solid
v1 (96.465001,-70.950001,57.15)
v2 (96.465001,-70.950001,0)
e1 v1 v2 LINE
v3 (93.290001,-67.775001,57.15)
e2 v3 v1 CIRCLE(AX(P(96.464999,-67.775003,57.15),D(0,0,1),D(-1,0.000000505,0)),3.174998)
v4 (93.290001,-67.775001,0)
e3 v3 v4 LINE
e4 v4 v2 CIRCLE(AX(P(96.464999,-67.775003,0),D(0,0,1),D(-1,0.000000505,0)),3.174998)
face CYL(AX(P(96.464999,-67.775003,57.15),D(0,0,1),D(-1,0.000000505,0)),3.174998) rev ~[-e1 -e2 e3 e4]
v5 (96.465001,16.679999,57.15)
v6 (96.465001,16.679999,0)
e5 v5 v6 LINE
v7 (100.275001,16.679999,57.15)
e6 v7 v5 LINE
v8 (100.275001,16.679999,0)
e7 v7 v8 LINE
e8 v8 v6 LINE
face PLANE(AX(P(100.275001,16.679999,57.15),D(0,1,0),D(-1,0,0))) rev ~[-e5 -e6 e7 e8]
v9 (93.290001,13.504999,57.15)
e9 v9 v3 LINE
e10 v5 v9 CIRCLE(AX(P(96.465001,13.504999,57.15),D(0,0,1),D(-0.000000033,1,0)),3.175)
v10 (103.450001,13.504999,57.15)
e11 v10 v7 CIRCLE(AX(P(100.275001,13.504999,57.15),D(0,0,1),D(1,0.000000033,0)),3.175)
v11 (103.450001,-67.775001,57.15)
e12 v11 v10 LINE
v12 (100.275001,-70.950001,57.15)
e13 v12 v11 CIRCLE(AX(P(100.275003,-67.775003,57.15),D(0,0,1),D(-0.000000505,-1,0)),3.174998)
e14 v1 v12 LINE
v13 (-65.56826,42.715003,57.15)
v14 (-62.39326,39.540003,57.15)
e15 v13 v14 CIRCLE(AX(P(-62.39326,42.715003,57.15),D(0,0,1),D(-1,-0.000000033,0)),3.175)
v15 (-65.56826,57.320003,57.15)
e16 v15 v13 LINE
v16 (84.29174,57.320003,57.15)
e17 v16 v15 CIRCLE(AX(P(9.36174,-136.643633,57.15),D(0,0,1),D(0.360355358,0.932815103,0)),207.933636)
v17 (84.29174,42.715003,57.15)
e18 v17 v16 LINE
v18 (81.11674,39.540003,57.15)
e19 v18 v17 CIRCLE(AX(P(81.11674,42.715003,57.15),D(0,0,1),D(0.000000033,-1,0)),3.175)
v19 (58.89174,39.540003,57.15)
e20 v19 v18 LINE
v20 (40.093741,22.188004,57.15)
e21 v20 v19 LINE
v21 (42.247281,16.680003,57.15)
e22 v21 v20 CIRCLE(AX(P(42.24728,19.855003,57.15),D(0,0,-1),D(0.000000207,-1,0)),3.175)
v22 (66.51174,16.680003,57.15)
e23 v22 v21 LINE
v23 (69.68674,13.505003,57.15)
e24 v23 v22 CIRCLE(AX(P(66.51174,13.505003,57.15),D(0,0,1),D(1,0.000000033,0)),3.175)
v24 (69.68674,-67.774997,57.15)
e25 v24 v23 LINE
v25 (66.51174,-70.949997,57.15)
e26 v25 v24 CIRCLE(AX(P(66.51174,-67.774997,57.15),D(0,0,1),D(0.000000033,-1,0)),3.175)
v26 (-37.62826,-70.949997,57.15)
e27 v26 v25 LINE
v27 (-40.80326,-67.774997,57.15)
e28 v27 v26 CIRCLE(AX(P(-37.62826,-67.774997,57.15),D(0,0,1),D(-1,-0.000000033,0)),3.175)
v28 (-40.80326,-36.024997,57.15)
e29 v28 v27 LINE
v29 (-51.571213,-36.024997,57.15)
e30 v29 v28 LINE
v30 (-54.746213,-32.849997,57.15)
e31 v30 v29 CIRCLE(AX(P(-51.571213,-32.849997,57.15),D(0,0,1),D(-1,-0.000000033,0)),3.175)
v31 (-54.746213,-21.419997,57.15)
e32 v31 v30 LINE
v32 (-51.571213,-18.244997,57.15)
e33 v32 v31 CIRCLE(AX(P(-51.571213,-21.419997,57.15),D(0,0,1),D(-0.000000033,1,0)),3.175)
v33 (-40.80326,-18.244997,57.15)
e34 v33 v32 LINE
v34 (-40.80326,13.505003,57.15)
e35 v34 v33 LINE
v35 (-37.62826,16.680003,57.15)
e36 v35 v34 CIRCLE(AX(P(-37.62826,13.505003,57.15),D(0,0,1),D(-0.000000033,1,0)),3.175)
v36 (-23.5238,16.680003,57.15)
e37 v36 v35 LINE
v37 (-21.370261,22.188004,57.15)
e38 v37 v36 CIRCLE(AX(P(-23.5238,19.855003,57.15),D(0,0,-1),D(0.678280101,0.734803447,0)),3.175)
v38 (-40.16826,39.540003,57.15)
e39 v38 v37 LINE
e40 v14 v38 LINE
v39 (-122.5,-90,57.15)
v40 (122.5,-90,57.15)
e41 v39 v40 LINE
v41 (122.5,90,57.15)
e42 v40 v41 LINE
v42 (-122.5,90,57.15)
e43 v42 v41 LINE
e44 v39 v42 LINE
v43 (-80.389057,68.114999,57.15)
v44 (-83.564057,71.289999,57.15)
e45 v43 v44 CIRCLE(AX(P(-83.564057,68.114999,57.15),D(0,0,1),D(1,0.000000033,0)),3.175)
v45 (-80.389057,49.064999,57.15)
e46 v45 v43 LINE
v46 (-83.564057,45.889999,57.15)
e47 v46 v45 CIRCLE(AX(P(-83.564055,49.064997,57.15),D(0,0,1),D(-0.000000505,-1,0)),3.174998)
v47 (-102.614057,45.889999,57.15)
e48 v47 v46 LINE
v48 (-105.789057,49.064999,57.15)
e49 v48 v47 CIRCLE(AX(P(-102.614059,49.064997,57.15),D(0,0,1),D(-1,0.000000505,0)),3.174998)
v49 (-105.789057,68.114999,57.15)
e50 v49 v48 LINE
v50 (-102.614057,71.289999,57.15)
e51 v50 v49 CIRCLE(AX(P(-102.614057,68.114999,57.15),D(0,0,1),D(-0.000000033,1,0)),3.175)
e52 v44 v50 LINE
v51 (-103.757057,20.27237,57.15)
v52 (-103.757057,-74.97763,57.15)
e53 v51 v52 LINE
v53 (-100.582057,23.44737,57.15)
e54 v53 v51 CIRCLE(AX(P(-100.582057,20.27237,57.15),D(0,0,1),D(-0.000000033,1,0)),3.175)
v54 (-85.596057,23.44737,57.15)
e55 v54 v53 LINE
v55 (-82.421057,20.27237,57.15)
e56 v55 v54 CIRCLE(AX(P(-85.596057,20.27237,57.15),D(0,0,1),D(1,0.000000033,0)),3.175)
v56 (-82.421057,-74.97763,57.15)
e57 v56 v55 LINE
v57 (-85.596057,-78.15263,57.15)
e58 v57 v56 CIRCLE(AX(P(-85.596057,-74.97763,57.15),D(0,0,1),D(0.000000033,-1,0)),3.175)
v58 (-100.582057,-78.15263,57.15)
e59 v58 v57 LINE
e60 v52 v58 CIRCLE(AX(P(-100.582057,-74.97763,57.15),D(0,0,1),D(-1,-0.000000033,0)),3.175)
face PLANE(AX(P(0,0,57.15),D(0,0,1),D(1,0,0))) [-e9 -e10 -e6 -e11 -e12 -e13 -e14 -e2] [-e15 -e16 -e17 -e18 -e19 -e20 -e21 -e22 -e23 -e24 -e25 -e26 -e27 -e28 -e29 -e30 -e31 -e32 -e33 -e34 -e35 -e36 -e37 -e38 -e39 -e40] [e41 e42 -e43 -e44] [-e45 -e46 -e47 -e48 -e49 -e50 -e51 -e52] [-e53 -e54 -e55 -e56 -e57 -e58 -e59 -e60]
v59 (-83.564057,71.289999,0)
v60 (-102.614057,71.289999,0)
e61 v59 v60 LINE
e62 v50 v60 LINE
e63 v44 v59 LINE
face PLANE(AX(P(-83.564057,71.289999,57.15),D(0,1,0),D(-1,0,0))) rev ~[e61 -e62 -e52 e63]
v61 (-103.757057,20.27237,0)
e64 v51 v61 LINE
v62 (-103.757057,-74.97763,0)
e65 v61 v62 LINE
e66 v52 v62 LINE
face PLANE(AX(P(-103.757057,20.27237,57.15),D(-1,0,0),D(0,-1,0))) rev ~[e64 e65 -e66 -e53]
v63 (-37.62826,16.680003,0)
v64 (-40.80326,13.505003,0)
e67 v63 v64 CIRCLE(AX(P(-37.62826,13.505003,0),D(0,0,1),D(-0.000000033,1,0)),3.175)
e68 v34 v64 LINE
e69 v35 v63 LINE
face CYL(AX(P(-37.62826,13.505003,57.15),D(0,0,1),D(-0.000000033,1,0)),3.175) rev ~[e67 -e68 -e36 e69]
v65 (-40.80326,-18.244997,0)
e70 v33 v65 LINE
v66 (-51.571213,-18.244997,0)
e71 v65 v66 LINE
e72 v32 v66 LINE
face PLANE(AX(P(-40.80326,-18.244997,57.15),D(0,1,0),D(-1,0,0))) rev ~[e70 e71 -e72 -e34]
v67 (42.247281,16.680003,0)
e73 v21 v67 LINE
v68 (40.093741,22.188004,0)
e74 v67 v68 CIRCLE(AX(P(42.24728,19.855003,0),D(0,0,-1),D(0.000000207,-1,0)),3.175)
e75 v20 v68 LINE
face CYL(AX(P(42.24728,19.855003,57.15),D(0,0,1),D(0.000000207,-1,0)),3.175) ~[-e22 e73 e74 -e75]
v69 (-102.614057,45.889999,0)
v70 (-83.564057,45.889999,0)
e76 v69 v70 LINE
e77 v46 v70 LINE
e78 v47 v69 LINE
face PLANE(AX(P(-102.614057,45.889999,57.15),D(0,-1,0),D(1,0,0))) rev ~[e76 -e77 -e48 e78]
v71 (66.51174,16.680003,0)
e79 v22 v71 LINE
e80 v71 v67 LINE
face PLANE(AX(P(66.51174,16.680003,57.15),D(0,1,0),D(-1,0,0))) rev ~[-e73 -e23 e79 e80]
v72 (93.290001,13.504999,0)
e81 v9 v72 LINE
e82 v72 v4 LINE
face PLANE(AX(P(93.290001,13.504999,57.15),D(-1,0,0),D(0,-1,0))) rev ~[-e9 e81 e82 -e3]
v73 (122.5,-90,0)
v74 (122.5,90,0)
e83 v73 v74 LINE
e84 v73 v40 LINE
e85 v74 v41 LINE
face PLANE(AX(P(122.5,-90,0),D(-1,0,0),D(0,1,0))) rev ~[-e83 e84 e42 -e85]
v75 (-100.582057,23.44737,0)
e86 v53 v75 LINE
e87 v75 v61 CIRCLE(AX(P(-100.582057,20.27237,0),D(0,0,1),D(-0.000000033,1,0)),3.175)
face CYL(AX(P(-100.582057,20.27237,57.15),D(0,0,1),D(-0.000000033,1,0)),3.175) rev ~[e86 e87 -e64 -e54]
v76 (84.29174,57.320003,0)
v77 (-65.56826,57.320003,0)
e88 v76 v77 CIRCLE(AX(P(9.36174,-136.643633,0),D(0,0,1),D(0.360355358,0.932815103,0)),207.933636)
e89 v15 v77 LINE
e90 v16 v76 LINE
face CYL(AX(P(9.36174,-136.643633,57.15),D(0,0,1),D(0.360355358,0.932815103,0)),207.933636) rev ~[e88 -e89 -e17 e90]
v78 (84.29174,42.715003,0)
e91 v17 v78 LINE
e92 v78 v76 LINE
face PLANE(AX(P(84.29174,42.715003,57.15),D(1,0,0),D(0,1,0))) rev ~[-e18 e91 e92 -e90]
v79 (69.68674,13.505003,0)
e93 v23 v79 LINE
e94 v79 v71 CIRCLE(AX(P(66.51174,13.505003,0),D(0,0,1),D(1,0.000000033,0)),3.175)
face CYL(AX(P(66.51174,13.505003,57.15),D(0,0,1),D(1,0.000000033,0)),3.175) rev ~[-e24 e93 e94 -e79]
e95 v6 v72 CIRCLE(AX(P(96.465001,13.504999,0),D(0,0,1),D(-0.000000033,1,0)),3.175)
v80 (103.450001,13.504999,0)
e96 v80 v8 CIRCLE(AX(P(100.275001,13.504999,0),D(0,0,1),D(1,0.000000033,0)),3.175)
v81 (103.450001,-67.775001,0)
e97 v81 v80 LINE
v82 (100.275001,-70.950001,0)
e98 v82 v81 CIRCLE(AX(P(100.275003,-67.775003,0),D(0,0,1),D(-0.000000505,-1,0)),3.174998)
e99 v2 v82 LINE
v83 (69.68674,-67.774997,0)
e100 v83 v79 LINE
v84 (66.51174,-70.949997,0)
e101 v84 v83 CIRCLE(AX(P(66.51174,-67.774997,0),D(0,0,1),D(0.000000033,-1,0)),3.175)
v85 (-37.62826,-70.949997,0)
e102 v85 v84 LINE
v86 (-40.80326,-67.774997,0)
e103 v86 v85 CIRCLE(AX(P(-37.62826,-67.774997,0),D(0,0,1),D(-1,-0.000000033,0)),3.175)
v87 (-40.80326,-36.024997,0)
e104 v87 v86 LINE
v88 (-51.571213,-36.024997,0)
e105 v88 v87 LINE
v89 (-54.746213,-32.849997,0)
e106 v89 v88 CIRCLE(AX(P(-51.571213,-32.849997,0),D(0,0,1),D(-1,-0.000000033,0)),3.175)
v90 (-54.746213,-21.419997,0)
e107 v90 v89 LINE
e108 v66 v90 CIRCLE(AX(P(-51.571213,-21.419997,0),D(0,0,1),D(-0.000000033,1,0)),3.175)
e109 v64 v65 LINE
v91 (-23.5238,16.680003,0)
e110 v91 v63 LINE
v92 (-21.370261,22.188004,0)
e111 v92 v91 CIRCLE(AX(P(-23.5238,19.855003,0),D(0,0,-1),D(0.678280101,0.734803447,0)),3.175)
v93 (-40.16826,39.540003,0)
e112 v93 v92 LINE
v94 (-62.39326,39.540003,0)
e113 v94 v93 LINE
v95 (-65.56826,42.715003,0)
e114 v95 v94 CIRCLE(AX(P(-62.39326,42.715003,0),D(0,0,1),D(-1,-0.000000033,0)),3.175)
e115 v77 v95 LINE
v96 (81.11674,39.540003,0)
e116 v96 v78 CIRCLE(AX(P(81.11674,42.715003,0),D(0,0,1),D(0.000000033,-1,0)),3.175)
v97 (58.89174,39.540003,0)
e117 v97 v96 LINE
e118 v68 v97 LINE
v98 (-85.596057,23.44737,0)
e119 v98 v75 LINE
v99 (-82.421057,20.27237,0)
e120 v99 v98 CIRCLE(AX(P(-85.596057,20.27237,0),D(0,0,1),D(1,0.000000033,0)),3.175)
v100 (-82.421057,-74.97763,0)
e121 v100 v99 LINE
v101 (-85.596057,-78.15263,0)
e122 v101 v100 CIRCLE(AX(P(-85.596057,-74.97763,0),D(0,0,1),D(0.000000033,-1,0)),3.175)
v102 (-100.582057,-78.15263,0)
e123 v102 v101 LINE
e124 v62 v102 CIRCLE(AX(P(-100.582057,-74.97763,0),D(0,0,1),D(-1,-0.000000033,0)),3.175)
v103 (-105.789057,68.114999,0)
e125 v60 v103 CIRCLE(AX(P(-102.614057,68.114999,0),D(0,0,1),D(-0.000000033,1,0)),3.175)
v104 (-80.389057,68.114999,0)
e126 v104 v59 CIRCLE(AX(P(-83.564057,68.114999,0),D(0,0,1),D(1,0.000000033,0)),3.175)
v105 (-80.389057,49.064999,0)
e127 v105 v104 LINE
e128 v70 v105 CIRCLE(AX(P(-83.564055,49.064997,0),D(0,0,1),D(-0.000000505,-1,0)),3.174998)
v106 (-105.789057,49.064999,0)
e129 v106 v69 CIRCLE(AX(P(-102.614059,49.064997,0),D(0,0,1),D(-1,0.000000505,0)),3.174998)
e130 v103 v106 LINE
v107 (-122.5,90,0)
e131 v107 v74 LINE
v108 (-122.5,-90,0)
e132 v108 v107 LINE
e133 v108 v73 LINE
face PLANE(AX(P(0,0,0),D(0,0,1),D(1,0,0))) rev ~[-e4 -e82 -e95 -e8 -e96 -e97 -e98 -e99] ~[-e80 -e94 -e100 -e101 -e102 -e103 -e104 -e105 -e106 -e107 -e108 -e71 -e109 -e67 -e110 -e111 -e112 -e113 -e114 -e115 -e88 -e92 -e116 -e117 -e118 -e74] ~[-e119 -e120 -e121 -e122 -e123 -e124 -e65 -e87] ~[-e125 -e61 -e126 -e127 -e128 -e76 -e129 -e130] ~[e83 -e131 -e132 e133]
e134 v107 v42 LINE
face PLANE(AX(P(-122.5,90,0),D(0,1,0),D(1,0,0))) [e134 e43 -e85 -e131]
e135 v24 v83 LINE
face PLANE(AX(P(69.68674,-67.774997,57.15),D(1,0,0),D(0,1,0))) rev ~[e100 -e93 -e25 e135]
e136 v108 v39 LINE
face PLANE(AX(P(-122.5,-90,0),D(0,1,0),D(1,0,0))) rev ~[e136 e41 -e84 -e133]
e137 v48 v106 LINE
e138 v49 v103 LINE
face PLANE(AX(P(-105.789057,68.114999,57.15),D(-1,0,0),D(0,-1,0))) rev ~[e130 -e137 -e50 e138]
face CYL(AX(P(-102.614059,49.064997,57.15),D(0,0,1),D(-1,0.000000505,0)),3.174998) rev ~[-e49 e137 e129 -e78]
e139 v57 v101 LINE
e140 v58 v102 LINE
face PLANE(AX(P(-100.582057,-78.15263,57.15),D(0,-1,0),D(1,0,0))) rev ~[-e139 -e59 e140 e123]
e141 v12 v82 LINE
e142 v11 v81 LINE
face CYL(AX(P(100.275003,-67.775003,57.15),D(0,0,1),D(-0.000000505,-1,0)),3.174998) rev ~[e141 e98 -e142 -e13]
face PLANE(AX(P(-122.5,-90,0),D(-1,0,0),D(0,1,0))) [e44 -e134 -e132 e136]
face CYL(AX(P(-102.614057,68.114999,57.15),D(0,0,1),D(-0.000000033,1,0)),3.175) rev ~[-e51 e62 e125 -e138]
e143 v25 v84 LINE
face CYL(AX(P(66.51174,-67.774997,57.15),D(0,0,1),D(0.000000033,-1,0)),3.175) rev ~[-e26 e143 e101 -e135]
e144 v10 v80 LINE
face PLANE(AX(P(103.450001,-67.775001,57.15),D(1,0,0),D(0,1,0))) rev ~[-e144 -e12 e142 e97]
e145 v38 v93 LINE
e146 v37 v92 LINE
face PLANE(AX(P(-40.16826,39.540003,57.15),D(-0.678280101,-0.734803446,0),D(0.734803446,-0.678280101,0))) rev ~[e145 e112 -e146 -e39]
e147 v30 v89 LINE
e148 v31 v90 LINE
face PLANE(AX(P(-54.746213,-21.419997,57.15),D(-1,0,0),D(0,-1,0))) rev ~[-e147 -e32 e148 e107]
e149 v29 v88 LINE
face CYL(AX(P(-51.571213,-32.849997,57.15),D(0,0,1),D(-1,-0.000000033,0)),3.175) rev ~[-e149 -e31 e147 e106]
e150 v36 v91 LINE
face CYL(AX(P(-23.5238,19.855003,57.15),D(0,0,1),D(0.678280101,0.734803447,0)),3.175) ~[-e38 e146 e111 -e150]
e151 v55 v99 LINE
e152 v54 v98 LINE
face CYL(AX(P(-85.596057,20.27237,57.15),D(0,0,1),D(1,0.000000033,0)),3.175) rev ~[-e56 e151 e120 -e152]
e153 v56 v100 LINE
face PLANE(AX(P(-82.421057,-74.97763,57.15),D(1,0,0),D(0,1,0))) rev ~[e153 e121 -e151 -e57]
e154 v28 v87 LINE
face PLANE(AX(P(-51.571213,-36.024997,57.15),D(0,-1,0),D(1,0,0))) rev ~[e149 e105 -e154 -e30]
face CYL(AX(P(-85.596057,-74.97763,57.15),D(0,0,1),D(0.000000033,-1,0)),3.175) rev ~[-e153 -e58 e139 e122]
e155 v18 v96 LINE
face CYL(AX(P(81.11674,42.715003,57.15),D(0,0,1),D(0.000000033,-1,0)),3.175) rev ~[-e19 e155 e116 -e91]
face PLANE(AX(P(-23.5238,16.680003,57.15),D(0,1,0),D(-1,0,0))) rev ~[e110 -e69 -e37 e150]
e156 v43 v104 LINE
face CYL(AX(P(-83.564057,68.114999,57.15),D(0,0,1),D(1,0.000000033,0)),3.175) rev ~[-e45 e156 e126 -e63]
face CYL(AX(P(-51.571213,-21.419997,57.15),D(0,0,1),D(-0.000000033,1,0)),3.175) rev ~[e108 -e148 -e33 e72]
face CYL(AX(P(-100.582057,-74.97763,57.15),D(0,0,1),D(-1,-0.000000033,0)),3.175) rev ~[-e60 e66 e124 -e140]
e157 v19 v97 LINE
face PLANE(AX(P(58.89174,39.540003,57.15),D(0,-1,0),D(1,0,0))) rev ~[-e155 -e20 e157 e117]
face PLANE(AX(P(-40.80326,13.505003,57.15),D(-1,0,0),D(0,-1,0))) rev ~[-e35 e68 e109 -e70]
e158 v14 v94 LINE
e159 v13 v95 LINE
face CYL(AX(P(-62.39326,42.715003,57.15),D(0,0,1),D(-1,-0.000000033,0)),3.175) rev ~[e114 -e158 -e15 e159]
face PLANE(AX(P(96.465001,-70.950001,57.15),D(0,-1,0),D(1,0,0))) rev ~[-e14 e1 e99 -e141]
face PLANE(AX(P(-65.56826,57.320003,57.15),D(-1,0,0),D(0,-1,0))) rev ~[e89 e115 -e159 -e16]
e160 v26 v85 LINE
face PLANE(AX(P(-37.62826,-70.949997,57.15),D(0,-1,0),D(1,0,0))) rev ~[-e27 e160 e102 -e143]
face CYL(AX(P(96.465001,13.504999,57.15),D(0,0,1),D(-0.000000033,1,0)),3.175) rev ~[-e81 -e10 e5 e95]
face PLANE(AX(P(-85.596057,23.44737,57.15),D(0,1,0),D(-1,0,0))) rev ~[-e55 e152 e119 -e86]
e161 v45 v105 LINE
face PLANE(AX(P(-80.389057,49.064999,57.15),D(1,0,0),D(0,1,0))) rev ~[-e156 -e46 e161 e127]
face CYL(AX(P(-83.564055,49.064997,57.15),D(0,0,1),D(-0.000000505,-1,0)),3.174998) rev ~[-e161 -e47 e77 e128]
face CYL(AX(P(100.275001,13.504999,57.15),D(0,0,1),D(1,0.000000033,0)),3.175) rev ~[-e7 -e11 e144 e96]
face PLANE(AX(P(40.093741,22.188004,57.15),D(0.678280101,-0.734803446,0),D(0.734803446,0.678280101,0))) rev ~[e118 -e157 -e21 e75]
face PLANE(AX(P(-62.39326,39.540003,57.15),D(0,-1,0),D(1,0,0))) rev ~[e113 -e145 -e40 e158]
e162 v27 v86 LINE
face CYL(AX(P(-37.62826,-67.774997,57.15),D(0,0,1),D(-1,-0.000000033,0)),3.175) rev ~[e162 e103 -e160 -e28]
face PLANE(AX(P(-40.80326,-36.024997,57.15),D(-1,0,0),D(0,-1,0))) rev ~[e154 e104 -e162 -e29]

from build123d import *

# Parameters (mm, degrees)
F0_W     = 245
F0_H     = 180
F1_DEPTH = 57.15
F3_DEPTH = 57.15


with BuildPart() as f1:
    # F0 (on Top) → F1 (new body)
    with BuildSketch(Plane.XY):
        Rectangle(F0_W, F0_H)
    extrude(amount=F1_DEPTH)

    # F2 (on face) → F3 (cut, through all)
    with BuildSketch(Plane.XY.offset(57.15)):
        with BuildLine():
            Line((-83.564057, 71.289999), (-102.614057, 71.289999))
            ThreePointArc((-102.614057, 71.289999), (-104.859121, 70.360063), (-105.789057, 68.114999))
            Line((-105.789057, 68.114999), (-105.789057, 49.064999))
            ThreePointArc((-105.789057, 49.064999), (-104.859121, 46.819934), (-102.614057, 45.889999))
            Line((-102.614057, 45.889999), (-83.564057, 45.889999))
            ThreePointArc((-83.564057, 45.889999), (-81.318993, 46.819934), (-80.389057, 49.064999))
            Line((-80.389057, 49.064999), (-80.389057, 68.114999))
            ThreePointArc((-80.389057, 68.114999), (-81.318993, 70.360063), (-83.564057, 71.289999))
        make_face()
        with BuildLine():
            Line((-85.596057, 23.44737), (-100.582057, 23.44737))
            ThreePointArc((-100.582057, 23.44737), (-102.827121, 22.517434), (-103.757057, 20.27237))
            Line((-103.757057, 20.27237), (-103.757057, -74.97763))
            ThreePointArc((-103.757057, -74.97763), (-102.827121, -77.222694), (-100.582057, -78.15263))
            Line((-100.582057, -78.15263), (-85.596057, -78.15263))
            ThreePointArc((-85.596057, -78.15263), (-83.350993, -77.222694), (-82.421057, -74.97763))
            Line((-82.421057, -74.97763), (-82.421057, 20.27237))
            ThreePointArc((-82.421057, 20.27237), (-83.350993, 22.517434), (-85.596057, 23.44737))
        make_face()
        with BuildLine():
            Line((100.275001, 16.679999), (96.465001, 16.679999))
            ThreePointArc((96.465001, 16.679999), (94.219937, 15.750063), (93.290001, 13.504999))
            Line((93.290001, 13.504999), (93.290001, -67.775001))
            ThreePointArc((93.290001, -67.775001), (94.219937, -70.020066), (96.465001, -70.950001))
            Line((96.465001, -70.950001), (100.275001, -70.950001))
            ThreePointArc((100.275001, -70.950001), (102.520065, -70.020066), (103.450001, -67.775001))
            Line((103.450001, -67.775001), (103.450001, 13.504999))
            ThreePointArc((103.450001, 13.504999), (102.520065, 15.750063), (100.275001, 16.679999))
        make_face()
        with BuildLine():
            ThreePointArc((-40.80326, -67.774997), (-39.873324, -70.020061), (-37.62826, -70.949997))
            Line((-37.62826, -70.949997), (66.51174, -70.949997))
            ThreePointArc((66.51174, -70.949997), (68.756804, -70.020061), (69.68674, -67.774997))
            Line((69.68674, -67.774997), (69.68674, 13.505003))
            ThreePointArc((69.68674, 13.505003), (68.756804, 15.750067), (66.51174, 16.680003))
            Line((66.51174, 16.680003), (42.247281, 16.680003))
            ThreePointArc((42.247281, 16.680003), (39.290263, 18.698857), (40.093741, 22.188004))
            Line((40.093741, 22.188004), (58.89174, 39.540003))
            Line((58.89174, 39.540003), (-40.16826, 39.540003))
            Line((-40.16826, 39.540003), (-21.370261, 22.188004))
            ThreePointArc((-21.370261, 22.188004), (-20.566783, 18.698857), (-23.5238, 16.680003))
            Line((-23.5238, 16.680003), (-37.62826, 16.680003))
            ThreePointArc((-37.62826, 16.680003), (-39.873324, 15.750067), (-40.80326, 13.505003))
            Line((-40.80326, 13.505003), (-40.80326, -13.164997))
            Line((-40.80326, -13.164997), (-40.80326, -18.244997))
            Line((-40.80326, -18.244997), (-40.80326, -36.024997))
            Line((-40.80326, -36.024997), (-40.80326, -41.104997))
            Line((-40.80326, -41.104997), (-40.80326, -67.774997))
        make_face()
        with BuildLine():
            Line((-51.571213, -36.024997), (-40.80326, -36.024997))
            Line((-40.80326, -36.024997), (-40.80326, -18.244997))
            Line((-40.80326, -18.244997), (-51.571213, -18.244997))
            ThreePointArc((-51.571213, -18.244997), (-53.816277, -19.174933), (-54.746213, -21.419997))
            Line((-54.746213, -21.419997), (-54.746213, -32.849997))
            ThreePointArc((-54.746213, -32.849997), (-53.816277, -35.095061), (-51.571213, -36.024997))
        make_face()
        with BuildLine():
            Line((-40.16826, 39.540003), (58.89174, 39.540003))
            Line((58.89174, 39.540003), (81.11674, 39.540003))
            ThreePointArc((81.11674, 39.540003), (83.361804, 40.469939), (84.29174, 42.715003))
            Line((84.29174, 42.715003), (84.29174, 57.320003))
            Line((84.29174, 57.320003), (-65.56826, 57.320003))
            Line((-65.56826, 57.320003), (-65.56826, 42.715003))
            ThreePointArc((-65.56826, 42.715003), (-64.638324, 40.469939), (-62.39326, 39.540003))
            Line((-62.39326, 39.540003), (-40.16826, 39.540003))
        make_face()
        with BuildLine():
            Line((-65.56826, 57.320003), (84.29174, 57.320003))
            ThreePointArc((84.29174, 57.320003), (9.36174, 71.290003), (-65.56826, 57.320003))
        make_face()
    extrude(amount=-F3_DEPTH, mode=Mode.SUBTRACT)


solid = f1.part
